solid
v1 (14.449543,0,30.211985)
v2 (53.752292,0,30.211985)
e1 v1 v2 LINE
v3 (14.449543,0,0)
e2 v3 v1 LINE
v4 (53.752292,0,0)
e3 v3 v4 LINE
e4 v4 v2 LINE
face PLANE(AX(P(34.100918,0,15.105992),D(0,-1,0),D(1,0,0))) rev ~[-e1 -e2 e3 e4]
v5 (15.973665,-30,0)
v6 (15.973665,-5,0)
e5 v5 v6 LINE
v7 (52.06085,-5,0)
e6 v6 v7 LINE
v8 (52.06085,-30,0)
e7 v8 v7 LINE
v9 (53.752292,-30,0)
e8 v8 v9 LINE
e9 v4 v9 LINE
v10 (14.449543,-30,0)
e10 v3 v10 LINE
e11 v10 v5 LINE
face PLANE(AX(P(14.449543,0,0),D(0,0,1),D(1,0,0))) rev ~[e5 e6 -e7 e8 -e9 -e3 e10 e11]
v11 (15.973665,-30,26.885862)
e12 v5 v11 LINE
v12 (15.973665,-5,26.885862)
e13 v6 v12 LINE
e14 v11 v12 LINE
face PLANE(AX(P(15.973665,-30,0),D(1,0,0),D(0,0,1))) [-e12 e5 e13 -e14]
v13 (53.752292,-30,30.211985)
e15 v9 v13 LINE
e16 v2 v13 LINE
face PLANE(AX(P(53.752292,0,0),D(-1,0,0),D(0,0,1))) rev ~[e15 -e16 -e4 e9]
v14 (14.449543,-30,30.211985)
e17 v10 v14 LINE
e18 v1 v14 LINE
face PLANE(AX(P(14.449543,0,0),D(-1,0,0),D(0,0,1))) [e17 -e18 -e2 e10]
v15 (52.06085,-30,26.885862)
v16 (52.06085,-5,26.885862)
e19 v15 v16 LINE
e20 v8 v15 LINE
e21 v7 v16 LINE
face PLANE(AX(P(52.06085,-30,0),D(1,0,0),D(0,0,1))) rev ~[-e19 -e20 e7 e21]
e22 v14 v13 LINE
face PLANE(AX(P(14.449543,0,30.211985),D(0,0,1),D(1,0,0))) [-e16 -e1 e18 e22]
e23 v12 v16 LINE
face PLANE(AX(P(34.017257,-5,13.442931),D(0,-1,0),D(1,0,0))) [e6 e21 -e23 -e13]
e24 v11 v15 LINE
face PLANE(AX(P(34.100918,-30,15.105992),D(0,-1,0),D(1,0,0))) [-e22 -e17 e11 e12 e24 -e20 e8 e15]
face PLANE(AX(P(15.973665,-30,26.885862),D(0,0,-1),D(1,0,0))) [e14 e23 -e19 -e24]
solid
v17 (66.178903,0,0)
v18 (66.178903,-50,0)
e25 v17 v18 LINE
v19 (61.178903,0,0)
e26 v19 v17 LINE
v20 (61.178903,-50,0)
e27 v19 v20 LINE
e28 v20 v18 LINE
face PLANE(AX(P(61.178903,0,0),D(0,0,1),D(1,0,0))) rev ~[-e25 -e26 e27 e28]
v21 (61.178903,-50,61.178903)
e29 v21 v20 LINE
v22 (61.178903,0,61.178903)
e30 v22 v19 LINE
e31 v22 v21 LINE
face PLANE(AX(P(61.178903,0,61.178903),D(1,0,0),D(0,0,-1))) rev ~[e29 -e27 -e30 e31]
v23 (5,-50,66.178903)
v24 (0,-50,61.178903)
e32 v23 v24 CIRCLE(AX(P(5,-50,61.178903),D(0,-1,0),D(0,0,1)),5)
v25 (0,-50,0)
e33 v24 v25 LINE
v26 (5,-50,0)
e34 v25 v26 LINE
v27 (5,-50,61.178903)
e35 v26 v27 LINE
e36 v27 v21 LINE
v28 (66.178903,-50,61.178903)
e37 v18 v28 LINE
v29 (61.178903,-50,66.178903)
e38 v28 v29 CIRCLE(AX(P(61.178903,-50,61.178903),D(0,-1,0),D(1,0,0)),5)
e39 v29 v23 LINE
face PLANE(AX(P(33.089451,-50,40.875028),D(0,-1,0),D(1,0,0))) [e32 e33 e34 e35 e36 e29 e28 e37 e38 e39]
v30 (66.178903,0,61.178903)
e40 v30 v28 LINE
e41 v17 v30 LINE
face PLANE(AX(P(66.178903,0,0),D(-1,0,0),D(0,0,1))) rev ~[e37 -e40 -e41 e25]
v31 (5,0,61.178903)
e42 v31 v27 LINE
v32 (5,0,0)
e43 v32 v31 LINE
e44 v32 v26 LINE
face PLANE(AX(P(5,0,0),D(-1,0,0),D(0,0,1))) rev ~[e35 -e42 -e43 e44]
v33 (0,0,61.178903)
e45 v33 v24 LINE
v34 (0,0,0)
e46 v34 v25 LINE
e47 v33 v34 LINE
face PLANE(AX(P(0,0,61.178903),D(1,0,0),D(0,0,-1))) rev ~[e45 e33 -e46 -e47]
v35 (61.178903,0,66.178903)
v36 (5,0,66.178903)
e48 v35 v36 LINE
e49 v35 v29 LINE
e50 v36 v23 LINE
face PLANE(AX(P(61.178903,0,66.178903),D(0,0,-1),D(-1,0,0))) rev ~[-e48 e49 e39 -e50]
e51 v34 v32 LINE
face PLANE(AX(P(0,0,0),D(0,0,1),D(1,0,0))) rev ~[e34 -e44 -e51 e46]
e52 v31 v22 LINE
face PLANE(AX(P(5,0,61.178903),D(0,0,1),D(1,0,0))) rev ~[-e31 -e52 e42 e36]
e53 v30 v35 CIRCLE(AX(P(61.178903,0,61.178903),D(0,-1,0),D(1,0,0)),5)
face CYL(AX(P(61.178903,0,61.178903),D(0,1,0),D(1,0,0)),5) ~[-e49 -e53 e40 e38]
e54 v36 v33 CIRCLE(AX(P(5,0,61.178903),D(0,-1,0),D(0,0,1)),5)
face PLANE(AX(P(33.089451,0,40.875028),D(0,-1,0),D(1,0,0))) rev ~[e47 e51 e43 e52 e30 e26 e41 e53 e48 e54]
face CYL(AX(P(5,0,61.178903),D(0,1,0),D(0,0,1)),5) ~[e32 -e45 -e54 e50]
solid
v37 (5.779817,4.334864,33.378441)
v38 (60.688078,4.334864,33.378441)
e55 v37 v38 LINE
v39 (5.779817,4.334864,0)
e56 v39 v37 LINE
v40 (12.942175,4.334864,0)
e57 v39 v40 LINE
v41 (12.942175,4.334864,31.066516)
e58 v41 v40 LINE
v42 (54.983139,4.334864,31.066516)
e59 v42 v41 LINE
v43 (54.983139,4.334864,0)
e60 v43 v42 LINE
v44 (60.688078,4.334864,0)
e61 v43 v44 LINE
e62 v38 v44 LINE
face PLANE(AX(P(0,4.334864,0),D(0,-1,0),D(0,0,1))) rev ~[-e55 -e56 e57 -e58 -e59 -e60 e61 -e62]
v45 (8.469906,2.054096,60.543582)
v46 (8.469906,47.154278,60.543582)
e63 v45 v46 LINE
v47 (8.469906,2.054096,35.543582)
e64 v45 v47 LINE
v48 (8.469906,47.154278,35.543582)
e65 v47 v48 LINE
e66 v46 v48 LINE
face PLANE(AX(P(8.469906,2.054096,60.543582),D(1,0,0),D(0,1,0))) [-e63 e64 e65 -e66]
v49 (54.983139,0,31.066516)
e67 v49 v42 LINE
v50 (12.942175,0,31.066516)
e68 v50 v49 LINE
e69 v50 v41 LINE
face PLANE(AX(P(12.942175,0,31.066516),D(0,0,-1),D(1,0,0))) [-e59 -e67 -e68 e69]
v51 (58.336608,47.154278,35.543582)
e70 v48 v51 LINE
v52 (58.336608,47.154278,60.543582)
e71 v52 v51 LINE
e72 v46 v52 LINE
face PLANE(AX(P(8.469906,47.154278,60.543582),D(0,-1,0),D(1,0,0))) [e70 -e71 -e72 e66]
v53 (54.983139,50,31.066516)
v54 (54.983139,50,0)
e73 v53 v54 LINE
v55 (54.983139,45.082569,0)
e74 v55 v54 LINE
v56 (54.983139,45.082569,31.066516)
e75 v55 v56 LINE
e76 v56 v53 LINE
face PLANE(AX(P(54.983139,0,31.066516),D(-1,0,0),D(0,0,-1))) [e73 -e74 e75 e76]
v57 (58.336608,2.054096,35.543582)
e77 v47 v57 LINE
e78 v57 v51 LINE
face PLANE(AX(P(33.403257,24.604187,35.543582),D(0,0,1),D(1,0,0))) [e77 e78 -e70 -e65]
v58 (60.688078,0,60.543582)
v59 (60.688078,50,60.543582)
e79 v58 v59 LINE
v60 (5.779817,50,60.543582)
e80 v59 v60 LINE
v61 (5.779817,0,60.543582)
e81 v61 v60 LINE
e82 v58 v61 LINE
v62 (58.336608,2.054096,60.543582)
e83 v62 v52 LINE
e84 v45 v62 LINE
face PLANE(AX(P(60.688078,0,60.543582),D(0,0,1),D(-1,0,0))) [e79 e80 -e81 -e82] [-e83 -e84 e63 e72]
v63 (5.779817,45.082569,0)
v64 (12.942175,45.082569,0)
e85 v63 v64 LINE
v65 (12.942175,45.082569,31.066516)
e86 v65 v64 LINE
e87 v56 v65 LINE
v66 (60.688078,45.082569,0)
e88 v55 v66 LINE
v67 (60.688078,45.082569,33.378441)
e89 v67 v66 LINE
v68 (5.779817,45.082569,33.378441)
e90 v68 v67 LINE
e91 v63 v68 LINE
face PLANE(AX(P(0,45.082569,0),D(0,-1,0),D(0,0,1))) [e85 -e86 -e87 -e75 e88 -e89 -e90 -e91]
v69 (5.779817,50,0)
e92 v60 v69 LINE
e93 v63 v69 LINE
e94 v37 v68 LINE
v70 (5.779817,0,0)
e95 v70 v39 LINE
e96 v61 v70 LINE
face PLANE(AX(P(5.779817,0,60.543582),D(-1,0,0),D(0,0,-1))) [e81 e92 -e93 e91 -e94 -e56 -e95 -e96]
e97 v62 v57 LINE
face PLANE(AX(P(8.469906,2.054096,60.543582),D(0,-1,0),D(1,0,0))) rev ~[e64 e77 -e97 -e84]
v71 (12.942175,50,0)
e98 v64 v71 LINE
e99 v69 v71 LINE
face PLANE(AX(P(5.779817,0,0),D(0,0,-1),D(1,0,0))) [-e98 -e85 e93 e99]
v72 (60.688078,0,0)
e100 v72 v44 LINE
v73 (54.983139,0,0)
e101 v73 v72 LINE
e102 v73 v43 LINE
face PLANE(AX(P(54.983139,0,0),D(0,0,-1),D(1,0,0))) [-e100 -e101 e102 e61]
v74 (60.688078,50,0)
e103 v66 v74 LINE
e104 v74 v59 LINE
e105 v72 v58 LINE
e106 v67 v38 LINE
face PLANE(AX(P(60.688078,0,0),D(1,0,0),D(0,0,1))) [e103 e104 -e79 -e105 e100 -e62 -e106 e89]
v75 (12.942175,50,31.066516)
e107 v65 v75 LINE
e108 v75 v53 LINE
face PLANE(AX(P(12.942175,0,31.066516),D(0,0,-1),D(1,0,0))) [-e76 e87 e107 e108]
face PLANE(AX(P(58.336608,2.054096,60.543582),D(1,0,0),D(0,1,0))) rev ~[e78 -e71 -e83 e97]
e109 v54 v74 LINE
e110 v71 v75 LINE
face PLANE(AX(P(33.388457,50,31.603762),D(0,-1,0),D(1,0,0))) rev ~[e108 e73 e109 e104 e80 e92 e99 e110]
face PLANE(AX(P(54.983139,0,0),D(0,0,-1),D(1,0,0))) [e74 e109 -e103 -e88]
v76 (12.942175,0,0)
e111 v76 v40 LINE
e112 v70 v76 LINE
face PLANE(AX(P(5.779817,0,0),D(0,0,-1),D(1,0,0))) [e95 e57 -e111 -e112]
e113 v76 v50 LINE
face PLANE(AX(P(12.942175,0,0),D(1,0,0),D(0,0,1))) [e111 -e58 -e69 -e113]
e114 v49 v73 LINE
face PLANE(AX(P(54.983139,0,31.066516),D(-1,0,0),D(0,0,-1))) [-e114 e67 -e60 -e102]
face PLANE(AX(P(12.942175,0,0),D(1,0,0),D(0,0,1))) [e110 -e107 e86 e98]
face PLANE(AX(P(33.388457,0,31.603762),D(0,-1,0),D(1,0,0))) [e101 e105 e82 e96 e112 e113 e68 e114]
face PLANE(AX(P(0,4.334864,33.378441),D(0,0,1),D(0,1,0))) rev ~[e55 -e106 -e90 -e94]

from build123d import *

# Parameters (mm, degrees)
F2_DEPTH  = 50
F3_DEPTH  = 50
F4_W      = 40.7477049157
F4_H      = 33.3784408867
F5_DEPTH  = 90
F1_W      = 39.302748628
F1_H      = 30.2119846428
F6_DEPTH  = 30
F7_W      = 49.8667024076
F7_H      = 45.1001813635
F8_DEPTH  = 25
F9_W      = 36.0871851444
F9_H      = 26.8858615309
F10_DEPTH = 25


with BuildPart() as f2:
    # F0 (on Front) → F2 (new body)
    with BuildSketch(Plane.XZ):
        with BuildLine():
            Line((0, 61.1789029837), (0, 0))
            Line((0, 0), (5, 0))
            Line((5, 0), (5, 61.1789029837))
            Line((5, 61.1789029837), (61.1789029837, 61.1789029837))
            Line((61.1789029837, 61.1789029837), (61.1789029837, 0))
            Line((61.1789029837, 0), (66.1789029837, 0))
            Line((66.1789029837, 0), (66.1789029837, 61.1789029837))
            ThreePointArc((66.1789029837, 61.1789029837), (64.7144368896, 64.7144368896), (61.1789029837, 66.1789029837))
            Line((61.1789029837, 66.1789029837), (5, 66.1789029837))
            ThreePointArc((5, 66.1789029837), (1.4644660941, 64.7144368896), (0, 61.1789029837))
        make_face()
    extrude(amount=F2_DEPTH)


with BuildPart() as f3:
    # F1 (on Front) → F3 (new body)
    with BuildSketch(Plane.XZ):
        Polygon((60.6880784035, 60.5435818434), (5.7798172347, 60.5435818434), (5.7798172347, 31.0665164143), (5.7798172347, 0), (12.9421753809, 0), (12.9421753809, 31.0665164143), (54.9831390381, 31.0665164143), (54.9831390381, 0), (60.6880784035, 0), (60.6880784035, 31.0665164143), align=None)
    extrude(amount=-F3_DEPTH)

    # F4 (on Right) → F5 (cut)
    with BuildSketch(Plane.YZ):
        with Locations((24.7087166645, 16.6892204434)):
            Rectangle(F4_W, F4_H)
    extrude(amount=F5_DEPTH, mode=Mode.SUBTRACT)

    # F7 (on face) → F8 (cut)
    with BuildSketch(Plane.XY.offset(60.5435818434)):
        with Locations((33.4032569081, 24.6041868813)):
            Rectangle(F7_W, F7_H)
    extrude(amount=-F8_DEPTH, mode=Mode.SUBTRACT)


with BuildPart() as f6:
    # F1 (on Front) → F6 (new body)
    with BuildSketch(Plane.XZ):
        with Locations((34.1009176336, 15.1059923214)):
            Rectangle(F1_W, F1_H)
    extrude(amount=F6_DEPTH)

    # F9 (on face) → F10 (cut)
    with BuildSketch(Plane.XZ.offset(30)):
        with Locations((34.0172573924, 13.4429307655)):
            Rectangle(F9_W, F9_H)
    extrude(amount=-F10_DEPTH, mode=Mode.SUBTRACT)


solid = Compound([f2.part, f3.part, f6.part])
